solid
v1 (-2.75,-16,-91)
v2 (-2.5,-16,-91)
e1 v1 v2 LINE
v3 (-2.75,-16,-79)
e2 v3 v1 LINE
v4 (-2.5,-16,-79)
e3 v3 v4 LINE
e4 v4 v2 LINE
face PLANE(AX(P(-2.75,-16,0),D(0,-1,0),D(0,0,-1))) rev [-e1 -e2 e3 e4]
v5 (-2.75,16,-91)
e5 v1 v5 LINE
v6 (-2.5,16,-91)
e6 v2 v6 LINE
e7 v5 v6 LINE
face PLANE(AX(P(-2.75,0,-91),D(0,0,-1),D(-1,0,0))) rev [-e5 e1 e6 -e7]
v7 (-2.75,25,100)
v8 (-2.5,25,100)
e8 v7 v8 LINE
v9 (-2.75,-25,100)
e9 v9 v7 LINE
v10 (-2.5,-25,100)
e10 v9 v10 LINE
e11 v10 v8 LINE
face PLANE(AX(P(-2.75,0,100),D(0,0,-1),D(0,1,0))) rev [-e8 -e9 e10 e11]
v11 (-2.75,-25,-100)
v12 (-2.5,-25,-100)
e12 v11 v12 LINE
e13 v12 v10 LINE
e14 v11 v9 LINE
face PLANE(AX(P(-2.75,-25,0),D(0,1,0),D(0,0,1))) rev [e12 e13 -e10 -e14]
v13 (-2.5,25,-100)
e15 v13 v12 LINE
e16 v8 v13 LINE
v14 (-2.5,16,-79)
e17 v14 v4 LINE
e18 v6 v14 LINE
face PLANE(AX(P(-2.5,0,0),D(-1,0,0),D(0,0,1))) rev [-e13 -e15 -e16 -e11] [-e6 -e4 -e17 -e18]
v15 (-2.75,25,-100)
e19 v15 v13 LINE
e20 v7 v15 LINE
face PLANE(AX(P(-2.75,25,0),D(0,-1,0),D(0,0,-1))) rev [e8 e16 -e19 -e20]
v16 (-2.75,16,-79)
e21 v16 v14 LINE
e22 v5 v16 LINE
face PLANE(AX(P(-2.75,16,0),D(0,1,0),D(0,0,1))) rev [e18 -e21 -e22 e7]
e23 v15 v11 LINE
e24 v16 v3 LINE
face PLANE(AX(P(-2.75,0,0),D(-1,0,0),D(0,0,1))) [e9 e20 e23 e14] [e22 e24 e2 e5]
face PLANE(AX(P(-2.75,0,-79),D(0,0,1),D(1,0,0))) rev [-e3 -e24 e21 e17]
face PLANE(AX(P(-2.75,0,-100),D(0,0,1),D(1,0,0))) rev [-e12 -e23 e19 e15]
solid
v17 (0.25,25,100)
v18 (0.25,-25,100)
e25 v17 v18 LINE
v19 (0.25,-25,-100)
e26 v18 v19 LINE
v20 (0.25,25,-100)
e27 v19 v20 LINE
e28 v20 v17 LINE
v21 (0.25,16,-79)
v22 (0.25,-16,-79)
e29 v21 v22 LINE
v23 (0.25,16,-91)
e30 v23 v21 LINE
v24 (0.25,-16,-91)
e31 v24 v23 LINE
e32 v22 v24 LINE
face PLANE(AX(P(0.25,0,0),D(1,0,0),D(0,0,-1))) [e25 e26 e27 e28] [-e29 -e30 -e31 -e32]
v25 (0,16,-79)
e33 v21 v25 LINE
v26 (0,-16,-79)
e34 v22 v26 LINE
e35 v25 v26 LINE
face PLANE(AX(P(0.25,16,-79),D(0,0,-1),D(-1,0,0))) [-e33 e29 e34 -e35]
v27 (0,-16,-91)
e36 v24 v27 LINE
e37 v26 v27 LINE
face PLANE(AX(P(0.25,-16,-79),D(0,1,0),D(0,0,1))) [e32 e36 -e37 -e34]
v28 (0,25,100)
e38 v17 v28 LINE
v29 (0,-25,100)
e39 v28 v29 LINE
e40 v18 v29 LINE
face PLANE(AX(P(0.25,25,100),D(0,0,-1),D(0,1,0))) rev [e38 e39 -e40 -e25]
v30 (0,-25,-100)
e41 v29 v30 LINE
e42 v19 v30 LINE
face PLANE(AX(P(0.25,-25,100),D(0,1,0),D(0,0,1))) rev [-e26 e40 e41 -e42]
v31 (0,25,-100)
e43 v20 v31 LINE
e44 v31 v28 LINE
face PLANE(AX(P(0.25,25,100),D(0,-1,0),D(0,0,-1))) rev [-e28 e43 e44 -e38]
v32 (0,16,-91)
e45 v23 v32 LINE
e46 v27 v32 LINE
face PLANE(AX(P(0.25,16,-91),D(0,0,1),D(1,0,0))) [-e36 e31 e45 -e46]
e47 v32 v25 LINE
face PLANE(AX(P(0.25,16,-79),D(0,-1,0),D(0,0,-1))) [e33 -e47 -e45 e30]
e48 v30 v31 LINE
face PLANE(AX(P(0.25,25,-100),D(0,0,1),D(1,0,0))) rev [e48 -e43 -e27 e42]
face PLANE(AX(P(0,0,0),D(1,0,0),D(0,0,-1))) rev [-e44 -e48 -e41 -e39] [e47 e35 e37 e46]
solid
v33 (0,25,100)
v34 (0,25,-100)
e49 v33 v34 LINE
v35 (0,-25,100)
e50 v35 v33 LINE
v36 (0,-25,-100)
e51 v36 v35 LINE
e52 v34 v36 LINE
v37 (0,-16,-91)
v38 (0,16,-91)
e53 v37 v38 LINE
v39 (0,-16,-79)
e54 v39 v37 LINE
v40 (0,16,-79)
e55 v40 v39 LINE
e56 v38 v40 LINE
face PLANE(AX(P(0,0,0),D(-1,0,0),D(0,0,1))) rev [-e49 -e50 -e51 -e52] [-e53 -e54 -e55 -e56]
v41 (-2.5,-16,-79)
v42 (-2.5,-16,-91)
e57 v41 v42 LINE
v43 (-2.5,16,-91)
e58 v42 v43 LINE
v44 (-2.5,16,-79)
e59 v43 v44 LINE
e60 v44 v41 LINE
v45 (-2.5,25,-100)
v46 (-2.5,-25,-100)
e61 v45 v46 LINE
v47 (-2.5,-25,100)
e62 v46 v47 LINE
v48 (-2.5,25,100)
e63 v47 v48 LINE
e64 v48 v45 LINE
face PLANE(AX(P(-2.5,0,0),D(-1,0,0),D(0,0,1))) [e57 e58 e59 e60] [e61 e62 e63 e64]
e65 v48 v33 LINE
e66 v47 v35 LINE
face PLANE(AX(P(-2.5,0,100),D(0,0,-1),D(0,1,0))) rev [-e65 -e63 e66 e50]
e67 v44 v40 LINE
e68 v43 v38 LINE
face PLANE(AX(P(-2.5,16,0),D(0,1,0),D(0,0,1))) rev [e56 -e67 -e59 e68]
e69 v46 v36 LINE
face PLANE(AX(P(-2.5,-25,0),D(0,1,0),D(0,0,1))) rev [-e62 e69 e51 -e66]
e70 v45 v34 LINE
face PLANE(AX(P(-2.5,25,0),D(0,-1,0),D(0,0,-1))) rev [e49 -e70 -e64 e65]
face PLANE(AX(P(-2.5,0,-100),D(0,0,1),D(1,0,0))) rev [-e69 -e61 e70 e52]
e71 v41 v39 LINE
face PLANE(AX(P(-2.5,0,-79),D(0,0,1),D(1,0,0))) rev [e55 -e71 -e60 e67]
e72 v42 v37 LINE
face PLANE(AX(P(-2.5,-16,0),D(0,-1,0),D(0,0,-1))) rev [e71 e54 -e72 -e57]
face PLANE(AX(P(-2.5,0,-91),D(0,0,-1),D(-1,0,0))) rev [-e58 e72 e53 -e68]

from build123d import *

# Parameters (mm, degrees)
SKETCH1_W           = 200
SKETCH1_H           = 50
SKETCH1_W_2         = 12
SKETCH1_H_2         = 32
BOSS_EXTRUDE1_DEPTH = 0.25
SKETCH2_W           = 200
SKETCH2_H           = 50
SKETCH2_W_2         = 12
SKETCH2_H_2         = 32
BOSS_EXTRUDE2_DEPTH = 2.5
SKETCH3_W           = 200
SKETCH3_H           = 50
SKETCH3_W_2         = 12
SKETCH3_H_2         = 32
BOSS_EXTRUDE3_DEPTH = 0.25


with BuildPart() as part:
    # Sketch1 → Boss-Extrude1 (new body)
    with BuildSketch(Plane(origin=(0, 0, 0), x_dir=(0, 0, -1), z_dir=(1, 0, 0))):
        Rectangle(SKETCH1_W, SKETCH1_H)
        with Locations((85, 0)):
            Rectangle(SKETCH1_W_2, SKETCH1_H_2, mode=Mode.SUBTRACT)
    extrude(amount=BOSS_EXTRUDE1_DEPTH)


with BuildPart() as body_2:
    # Sketch2 → Boss-Extrude2 (new body)
    with BuildSketch(Plane.ZY):
        Rectangle(SKETCH2_W, SKETCH2_H)
        with Locations((-85, 0)):
            Rectangle(SKETCH2_W_2, SKETCH2_H_2, mode=Mode.SUBTRACT)
    extrude(amount=BOSS_EXTRUDE2_DEPTH)


with BuildPart() as body_3:
    # Sketch3 → Boss-Extrude3 (new body)
    with BuildSketch(Plane.ZY.offset(2.5)):
        Rectangle(SKETCH3_W, SKETCH3_H)
        with Locations((-85, 0)):
            Rectangle(SKETCH3_W_2, SKETCH3_H_2, mode=Mode.SUBTRACT)
    extrude(amount=BOSS_EXTRUDE3_DEPTH)


solid = Compound([part.part, body_2.part, body_3.part])
